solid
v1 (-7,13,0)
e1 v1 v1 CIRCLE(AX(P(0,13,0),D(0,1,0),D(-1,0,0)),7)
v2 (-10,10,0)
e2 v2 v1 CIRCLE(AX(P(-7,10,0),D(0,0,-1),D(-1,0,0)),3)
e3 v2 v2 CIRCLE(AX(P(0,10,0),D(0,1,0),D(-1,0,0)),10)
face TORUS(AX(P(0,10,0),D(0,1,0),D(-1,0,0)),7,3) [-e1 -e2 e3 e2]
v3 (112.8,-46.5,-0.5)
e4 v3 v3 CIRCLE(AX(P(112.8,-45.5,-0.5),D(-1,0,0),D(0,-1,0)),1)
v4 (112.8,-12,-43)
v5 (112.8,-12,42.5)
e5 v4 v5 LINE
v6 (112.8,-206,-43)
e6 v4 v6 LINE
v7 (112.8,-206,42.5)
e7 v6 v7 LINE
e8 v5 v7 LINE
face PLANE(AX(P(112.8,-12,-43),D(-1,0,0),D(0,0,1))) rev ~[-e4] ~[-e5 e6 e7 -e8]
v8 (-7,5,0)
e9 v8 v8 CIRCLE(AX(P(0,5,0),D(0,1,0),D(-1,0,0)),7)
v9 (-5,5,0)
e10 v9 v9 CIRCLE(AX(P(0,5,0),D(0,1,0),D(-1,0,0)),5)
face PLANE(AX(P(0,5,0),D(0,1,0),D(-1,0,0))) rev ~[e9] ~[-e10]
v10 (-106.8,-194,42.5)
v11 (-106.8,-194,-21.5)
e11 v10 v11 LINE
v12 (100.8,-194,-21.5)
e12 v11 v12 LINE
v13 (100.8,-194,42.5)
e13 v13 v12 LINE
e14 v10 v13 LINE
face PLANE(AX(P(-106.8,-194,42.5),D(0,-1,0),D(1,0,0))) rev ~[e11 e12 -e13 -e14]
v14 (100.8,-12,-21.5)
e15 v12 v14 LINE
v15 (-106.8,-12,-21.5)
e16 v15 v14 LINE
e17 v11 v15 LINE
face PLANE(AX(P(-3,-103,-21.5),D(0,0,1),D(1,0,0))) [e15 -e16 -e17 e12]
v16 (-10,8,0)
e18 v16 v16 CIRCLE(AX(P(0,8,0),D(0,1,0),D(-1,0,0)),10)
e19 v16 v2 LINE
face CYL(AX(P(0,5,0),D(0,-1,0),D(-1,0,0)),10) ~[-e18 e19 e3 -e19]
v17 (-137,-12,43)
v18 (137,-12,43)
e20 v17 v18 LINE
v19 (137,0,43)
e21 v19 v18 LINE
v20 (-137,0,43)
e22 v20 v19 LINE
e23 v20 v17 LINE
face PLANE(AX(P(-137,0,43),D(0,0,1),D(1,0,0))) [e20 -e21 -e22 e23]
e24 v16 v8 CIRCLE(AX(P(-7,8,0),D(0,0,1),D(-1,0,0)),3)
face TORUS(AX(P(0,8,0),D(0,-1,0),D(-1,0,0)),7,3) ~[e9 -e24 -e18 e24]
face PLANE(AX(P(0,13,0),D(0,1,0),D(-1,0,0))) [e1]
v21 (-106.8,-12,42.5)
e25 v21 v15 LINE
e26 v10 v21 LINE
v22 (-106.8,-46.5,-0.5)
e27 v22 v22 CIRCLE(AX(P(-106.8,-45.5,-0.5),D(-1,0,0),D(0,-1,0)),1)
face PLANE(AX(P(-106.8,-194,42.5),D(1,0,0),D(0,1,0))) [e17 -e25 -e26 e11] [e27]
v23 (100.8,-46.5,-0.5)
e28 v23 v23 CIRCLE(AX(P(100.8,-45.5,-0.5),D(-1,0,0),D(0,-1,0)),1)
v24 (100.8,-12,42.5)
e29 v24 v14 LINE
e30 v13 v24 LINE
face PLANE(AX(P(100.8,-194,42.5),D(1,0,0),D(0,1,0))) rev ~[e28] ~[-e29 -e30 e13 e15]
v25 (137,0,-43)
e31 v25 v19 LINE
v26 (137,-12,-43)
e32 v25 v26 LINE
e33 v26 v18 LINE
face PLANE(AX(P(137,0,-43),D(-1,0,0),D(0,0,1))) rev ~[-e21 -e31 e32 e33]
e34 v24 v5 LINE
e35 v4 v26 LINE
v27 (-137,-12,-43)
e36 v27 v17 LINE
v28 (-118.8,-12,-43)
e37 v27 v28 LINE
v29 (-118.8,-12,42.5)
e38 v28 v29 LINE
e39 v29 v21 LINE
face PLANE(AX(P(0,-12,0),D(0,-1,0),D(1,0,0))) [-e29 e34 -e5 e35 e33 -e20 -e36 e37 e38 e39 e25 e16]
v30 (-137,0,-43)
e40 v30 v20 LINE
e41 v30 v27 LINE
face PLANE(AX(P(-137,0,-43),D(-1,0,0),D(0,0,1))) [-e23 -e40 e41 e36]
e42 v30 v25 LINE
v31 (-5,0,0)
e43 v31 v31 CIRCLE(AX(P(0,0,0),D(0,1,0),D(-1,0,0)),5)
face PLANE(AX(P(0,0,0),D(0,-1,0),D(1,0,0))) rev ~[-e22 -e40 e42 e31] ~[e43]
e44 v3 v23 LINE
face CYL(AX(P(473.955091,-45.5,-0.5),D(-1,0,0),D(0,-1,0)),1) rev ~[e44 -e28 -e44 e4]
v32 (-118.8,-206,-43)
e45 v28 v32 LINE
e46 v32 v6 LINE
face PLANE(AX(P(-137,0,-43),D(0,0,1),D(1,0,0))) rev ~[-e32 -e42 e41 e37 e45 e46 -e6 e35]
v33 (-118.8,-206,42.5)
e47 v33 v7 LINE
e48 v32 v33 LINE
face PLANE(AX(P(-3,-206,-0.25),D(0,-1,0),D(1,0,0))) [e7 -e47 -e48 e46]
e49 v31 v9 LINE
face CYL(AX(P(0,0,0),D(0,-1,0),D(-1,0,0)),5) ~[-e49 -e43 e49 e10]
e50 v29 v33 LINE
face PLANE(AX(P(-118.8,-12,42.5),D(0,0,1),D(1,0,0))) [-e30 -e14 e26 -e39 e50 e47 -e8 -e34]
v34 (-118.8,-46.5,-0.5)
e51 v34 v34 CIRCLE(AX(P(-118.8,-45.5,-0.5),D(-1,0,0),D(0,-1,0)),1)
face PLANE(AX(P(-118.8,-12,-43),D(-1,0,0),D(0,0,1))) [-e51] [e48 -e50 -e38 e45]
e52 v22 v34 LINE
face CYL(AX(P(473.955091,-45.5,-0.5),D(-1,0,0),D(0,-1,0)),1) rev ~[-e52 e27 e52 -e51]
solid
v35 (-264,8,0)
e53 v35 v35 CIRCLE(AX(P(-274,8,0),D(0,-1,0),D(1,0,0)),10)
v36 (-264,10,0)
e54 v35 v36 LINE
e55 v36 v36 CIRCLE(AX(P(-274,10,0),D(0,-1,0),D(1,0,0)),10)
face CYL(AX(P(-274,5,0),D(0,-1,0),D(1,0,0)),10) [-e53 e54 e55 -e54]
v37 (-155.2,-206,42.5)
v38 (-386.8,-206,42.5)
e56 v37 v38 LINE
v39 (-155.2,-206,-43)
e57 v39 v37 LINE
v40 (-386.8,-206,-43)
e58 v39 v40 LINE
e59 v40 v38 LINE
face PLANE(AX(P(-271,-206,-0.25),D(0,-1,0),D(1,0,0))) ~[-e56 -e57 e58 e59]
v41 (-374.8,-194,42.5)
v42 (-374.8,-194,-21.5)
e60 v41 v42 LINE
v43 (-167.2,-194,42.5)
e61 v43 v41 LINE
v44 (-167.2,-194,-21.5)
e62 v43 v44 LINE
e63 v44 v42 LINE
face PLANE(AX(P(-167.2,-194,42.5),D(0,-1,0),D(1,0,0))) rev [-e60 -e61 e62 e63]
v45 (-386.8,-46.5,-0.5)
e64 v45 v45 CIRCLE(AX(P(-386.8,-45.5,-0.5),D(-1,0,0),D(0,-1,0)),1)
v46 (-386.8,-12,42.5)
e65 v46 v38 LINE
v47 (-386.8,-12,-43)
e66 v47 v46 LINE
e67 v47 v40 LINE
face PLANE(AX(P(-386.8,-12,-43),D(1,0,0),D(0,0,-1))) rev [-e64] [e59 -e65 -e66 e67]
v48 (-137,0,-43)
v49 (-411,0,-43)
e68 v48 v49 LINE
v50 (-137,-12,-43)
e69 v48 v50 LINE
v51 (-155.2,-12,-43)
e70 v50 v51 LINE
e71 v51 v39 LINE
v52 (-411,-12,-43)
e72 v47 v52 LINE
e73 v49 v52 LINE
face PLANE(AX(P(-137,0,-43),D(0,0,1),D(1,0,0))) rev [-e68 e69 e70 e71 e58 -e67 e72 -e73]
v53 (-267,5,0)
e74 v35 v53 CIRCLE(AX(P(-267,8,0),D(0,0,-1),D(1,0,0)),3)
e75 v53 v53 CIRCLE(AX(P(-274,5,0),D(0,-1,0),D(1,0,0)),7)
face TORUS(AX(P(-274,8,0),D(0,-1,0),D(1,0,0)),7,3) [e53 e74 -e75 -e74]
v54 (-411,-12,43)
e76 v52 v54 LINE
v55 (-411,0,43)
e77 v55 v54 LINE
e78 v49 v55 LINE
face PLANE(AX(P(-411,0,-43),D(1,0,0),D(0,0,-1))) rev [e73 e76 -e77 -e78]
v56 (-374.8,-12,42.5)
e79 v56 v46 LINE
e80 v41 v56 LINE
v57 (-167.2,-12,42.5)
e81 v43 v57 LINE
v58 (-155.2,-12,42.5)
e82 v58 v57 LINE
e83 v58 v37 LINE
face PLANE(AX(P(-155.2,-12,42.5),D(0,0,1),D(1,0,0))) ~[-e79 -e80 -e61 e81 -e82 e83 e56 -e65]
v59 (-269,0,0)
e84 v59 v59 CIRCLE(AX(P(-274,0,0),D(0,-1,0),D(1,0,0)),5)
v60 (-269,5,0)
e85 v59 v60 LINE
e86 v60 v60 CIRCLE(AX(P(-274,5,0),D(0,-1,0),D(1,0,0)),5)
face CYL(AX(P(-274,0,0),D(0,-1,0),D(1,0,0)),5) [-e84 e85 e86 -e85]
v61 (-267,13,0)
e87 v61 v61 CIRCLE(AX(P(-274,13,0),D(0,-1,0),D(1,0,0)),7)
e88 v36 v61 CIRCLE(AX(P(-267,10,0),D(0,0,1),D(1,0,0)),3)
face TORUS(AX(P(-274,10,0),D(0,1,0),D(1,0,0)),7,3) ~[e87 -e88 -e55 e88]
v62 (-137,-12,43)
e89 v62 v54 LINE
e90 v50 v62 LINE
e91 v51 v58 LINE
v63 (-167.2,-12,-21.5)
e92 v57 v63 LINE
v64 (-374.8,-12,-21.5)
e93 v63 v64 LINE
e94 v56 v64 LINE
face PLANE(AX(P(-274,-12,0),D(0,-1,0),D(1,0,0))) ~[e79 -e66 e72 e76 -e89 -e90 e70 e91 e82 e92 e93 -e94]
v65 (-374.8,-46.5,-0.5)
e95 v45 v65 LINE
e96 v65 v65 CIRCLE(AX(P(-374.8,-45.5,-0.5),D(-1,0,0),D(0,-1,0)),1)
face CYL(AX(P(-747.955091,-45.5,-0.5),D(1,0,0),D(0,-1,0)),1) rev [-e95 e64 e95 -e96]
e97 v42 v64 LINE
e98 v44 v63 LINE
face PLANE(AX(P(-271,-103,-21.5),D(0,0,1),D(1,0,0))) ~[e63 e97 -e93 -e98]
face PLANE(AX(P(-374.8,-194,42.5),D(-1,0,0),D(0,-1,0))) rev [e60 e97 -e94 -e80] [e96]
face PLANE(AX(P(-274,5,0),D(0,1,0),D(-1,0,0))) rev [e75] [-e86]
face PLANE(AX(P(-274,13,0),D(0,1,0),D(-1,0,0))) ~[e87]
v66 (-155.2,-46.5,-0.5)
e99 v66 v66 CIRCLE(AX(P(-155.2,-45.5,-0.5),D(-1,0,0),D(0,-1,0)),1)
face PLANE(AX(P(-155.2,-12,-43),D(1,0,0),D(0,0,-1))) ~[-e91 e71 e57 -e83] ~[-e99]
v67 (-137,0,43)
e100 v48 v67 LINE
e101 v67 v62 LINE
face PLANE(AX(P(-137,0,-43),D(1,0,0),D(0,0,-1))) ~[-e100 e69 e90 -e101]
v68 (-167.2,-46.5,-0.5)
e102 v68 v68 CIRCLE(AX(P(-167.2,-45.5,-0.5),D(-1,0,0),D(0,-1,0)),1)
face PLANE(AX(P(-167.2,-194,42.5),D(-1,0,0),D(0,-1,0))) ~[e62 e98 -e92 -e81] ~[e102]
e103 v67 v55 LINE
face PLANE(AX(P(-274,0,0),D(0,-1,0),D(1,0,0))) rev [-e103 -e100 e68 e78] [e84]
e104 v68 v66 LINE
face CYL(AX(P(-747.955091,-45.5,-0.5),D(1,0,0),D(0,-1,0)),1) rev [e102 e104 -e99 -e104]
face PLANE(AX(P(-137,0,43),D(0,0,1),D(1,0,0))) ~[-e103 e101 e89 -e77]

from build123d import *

# Parameters (mm, degrees)
F0_W     = 274
F0_H     = 86
F1_DEPTH = 12
F2_W     = 231.6
F2_H     = 85.5
F3_DEPTH = 194
F4_W     = 207.6
F4_H     = 182
F5_DEPTH = 64
F6_R     = 5
F7_DEPTH = 5
F13_R    = 10
F13_R_2  = 5
F8_DEPTH = 8
F14_R    = 3
F10_D    = 2


with BuildPart() as f1:
    # F0 (on Front) → F1 (new body)
    with BuildSketch(Plane.XZ):
        Rectangle(F0_W, F0_H)
    extrude(amount=F1_DEPTH)

    # F2 (on face) → F3 (join)
    with BuildSketch(Plane.XZ.offset(12)):
        with Locations((-3, -0.25)):
            Rectangle(F2_W, F2_H)
    extrude(amount=F3_DEPTH)

    # F4 (on face) → F5 (cut)
    with BuildSketch(Plane.XY.offset(42.5)):
        with Locations((-3, -103)):
            Rectangle(F4_W, F4_H)
    extrude(amount=-F5_DEPTH, mode=Mode.SUBTRACT)

    # F6 (on face) → F7 (join)
    with BuildSketch(Plane(origin=(0, 0, 0), x_dir=(-1, 0, 0), z_dir=(0, 1, 0))):
        Circle(F6_R)
    extrude(amount=F7_DEPTH)

    # F13 (on face) → F8 (join)
    with BuildSketch(Plane(origin=(0, 5, 0), x_dir=(-1, 0, 0), z_dir=(0, 1, 0))):
        Circle(F13_R)
        Circle(F13_R_2, mode=Mode.SUBTRACT)
        Circle(F13_R_2)
    extrude(amount=F8_DEPTH)

    # F14
    f14_edges = [f1.edges().sort_by_distance(p)[0] for p in [
        (10, 13, 0),
        (10, 5, 0),
    ]]
    fillet(f14_edges, radius=F14_R)

    # F10 (through all)
    with Locations(Plane.YZ.offset(112.8)):
        with Locations((-45.5, -0.5)):
            Hole(F10_D / 2)


with BuildPart() as f12_1:
    # F12: instance of F1
    add(f1.part.mirror(Plane(origin=(-137, -6, 0), x_dir=(0, -1, 0), z_dir=(-1, 0, 0))))


solid = Compound([f1.part, f12_1.part])
